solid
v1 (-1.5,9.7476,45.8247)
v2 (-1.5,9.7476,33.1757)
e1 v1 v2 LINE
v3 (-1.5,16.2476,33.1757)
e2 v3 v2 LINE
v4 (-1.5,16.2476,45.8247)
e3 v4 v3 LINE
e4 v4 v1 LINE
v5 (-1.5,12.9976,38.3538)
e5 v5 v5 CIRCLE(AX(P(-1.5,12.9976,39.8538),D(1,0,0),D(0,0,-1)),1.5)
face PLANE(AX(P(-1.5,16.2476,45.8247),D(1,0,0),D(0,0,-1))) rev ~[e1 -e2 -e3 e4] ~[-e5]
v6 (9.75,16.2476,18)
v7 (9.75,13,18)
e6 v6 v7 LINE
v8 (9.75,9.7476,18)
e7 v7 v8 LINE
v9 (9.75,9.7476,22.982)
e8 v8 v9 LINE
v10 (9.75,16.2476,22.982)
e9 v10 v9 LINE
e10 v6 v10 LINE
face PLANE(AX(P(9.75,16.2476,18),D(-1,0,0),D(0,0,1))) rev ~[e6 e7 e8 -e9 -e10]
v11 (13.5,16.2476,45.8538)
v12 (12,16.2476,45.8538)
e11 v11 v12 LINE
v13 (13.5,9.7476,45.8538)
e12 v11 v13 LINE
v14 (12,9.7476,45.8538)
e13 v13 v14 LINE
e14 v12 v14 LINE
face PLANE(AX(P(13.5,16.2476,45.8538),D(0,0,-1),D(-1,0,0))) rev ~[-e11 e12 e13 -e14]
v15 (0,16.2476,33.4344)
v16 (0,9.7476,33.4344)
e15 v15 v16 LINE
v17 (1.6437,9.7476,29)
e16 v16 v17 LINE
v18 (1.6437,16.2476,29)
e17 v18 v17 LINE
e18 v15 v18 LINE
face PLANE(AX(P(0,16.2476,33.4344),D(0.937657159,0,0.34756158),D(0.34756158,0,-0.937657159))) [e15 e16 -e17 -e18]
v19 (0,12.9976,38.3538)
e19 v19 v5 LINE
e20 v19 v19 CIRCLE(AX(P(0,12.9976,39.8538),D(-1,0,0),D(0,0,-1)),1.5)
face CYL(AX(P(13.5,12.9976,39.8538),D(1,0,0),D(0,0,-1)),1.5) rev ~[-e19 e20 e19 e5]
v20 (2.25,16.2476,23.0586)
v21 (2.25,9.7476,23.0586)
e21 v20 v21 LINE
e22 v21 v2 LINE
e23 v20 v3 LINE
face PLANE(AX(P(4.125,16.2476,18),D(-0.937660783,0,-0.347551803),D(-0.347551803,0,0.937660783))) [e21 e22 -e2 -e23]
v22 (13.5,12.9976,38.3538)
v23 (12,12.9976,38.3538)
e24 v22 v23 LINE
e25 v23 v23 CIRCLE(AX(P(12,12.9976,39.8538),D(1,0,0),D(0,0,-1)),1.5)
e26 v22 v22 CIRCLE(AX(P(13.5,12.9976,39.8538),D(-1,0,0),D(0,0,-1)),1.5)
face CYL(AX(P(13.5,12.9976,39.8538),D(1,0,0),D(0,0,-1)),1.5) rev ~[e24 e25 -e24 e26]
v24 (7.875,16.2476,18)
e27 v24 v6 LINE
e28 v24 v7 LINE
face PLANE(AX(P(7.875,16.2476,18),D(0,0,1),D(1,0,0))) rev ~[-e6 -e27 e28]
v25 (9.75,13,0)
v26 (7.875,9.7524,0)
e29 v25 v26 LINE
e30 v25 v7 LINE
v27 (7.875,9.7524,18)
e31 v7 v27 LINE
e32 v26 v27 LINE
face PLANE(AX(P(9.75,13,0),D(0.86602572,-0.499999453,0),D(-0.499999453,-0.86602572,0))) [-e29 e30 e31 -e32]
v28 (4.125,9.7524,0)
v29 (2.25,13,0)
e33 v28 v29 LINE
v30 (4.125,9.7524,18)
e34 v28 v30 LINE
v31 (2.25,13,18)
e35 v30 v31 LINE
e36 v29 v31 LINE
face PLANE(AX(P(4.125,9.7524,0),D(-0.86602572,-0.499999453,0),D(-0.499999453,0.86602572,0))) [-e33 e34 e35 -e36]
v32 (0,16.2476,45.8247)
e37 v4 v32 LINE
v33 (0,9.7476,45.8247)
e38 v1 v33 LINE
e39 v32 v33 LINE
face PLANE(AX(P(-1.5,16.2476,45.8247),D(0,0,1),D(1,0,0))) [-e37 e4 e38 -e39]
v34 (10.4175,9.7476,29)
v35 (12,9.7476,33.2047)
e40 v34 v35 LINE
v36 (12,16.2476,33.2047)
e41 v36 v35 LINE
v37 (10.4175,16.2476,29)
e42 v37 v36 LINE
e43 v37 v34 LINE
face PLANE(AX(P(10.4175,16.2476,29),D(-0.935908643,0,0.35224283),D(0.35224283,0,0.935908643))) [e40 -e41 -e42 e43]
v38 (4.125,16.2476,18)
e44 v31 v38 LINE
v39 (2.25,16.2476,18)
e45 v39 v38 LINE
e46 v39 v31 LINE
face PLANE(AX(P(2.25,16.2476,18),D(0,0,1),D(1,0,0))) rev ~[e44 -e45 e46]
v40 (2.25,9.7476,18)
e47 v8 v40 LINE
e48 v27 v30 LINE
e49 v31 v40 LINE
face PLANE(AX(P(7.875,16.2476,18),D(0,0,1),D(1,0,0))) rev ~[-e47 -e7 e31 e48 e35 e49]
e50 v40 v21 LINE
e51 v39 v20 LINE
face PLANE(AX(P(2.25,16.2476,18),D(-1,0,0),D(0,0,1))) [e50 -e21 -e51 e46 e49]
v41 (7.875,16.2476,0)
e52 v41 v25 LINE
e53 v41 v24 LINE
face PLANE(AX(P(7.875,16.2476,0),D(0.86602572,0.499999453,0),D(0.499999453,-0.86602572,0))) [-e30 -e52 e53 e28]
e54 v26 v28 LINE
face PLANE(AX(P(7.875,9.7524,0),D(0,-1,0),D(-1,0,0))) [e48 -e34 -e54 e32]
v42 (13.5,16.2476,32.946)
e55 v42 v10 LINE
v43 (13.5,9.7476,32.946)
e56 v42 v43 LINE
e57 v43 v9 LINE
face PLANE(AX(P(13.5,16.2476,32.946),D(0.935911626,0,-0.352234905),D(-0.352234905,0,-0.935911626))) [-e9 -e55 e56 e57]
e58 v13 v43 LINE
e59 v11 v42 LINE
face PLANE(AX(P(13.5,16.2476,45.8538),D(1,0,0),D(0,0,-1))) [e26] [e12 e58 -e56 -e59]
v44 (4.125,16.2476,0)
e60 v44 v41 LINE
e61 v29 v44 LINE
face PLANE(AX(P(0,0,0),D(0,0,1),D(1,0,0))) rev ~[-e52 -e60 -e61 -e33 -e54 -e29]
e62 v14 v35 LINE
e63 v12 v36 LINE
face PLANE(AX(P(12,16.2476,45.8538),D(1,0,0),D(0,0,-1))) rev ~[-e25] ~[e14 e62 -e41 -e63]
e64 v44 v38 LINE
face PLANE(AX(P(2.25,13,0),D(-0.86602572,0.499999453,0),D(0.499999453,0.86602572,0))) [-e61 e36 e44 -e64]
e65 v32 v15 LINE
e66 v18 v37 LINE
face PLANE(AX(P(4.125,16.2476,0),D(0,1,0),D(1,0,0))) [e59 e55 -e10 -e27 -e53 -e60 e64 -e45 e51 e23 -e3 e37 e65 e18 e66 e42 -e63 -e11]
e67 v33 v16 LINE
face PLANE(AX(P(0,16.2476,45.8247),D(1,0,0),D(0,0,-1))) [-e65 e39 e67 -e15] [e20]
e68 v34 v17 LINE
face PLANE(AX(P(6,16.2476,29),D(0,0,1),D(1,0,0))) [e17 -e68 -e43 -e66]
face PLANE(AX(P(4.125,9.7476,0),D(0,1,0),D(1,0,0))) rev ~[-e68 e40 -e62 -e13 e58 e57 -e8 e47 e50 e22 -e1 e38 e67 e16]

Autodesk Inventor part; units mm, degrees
ref_plane "YZ Plane" through (0, 0, 0) normal (1, 0, 0) x (0, 1, 0)
ref_plane "XZ Plane" through (0, 0, 0) normal (0, 1, 0) x (-1, 0, 0)
ref_plane "XY Plane" through (0, 0, 0) normal (0, 0, 1) x (1, 0, 0)
sketch "Sketch1" plane through (0, 0, 0) normal (0, 0, 1) x (1, 0, 0)
  line L0 (9.75, 13) -> (7.875, 9.7524)
  line L1 (7.875, 9.7524) -> (4.125, 9.7524)
  line L2 (4.125, 9.7524) -> (2.25, 13)
  line L3 (2.25, 13) -> (4.125, 16.2476)
  line L4 (4.125, 16.2476) -> (7.875, 16.2476)
  line L5 (7.875, 16.2476) -> (9.75, 13)
  point P0 (0, 0)
  point P1 (6, 13)
  dimension "d0" = 7.5
extrude "Extrusion1" add sketch "Sketch1" along normal blind 18
sketch "Sketch2" plane through (4.125, 16.2476, 0) normal (0, 1, 0) x (1, 0, 0)
  line L0 (3.75, -18) -> (5.625, -18) projected
  line L1 (3.75, -18) -> (0, -18) projected
  line L2 (0, -18) -> (-5.625, -33.1757)
  line L3 (-1.875, 0) -> (-1.875, -18) projected
  line L4 (-5.625, -45.8247) -> (-5.625, -33.1757)
  line L5 (3.75, -18) -> (1.875, -18)
  line L6 (9.375, -45.8538) -> (9.375, -32.946)
  line L7 (9.375, -32.946) -> (3.75, -18)
  line L8 (9.375, -45.8538) -> (7.875, -45.8538)
  line L9 (7.875, -45.8538) -> (7.875, -33.2047)
  line L10 (-5.625, -45.8247) -> (-4.125, -45.8247)
  line L11 (-4.125, -45.8247) -> (-4.125, -33.4344)
  line L12 (2.1735, -18.0436) -> (2.158, -18)
  line L13 (1.875, -29) -> (6.2925, -29)
  line L14 (-2.4813, -29) -> (1.875, -29)
  line L15 (-4.125, -33.4344) -> (-2.4813, -29)
  line L16 (6.2925, -29) -> (7.875, -33.2047)
  line L17 (1.875, -18) -> (1.875, -45.8247)
  point P0 (-4.125, 0)
  dimension "d12" = 1.5
  dimension "d13" = 1.5
  dimension "d16" = 27.8247
  dimension "d17" = 11
  dimension "d21" = 12
extrude "Extrusion2" add sketch "Sketch2" against normal blind 6.5
sketch "Sketch3" plane through (-1.5, 9.7476, 33.1757) normal (-0.9377, 0, -0.3476) x (-0.3476, 0, 0.9377)
  point P0 (-31.6289, -9.7476)
sketch "Sketch5" plane through (4.125, 16.2476, 0) normal (0, 1, 0) x (1, 0, 0)
  line L0 (-1.875, -18) -> (0, -18) projected
  line L1 (-1.875, -18) -> (-1.875, -23.0586)
  line L2 (0, -18) -> (-5.625, -33.1757) projected
  line L3 (3.75, -18) -> (5.625, -18) projected
  line L4 (5.625, -18) -> (5.625, -22.982)
  line L5 (9.375, -32.946) -> (3.75, -18) projected
  point P0 (-4.125, 0)
extrude "Extrusion3" add sketch "Sketch5" against normal blind 6.5
sketch "Sketch6" plane through (13.5, 16.2476, 45.8538) normal (1, 0, 0) x (0, 0, -1)
  line L0 (0, 0) -> (0, -3.25)
  line L1 (0, 0) -> (0, -6.5) projected
  line L2 (0, -3.25) -> (6, -3.25)
  circle A0 centre (6, -3.25) radius 1.5
  point P0 (45.8538, -16.2476)
  dimension "d27" = 6
  dimension "d28" = 3
extrude "Extrusion4" cut sketch "Sketch6" against normal through all
properties part number "Test de pince"
